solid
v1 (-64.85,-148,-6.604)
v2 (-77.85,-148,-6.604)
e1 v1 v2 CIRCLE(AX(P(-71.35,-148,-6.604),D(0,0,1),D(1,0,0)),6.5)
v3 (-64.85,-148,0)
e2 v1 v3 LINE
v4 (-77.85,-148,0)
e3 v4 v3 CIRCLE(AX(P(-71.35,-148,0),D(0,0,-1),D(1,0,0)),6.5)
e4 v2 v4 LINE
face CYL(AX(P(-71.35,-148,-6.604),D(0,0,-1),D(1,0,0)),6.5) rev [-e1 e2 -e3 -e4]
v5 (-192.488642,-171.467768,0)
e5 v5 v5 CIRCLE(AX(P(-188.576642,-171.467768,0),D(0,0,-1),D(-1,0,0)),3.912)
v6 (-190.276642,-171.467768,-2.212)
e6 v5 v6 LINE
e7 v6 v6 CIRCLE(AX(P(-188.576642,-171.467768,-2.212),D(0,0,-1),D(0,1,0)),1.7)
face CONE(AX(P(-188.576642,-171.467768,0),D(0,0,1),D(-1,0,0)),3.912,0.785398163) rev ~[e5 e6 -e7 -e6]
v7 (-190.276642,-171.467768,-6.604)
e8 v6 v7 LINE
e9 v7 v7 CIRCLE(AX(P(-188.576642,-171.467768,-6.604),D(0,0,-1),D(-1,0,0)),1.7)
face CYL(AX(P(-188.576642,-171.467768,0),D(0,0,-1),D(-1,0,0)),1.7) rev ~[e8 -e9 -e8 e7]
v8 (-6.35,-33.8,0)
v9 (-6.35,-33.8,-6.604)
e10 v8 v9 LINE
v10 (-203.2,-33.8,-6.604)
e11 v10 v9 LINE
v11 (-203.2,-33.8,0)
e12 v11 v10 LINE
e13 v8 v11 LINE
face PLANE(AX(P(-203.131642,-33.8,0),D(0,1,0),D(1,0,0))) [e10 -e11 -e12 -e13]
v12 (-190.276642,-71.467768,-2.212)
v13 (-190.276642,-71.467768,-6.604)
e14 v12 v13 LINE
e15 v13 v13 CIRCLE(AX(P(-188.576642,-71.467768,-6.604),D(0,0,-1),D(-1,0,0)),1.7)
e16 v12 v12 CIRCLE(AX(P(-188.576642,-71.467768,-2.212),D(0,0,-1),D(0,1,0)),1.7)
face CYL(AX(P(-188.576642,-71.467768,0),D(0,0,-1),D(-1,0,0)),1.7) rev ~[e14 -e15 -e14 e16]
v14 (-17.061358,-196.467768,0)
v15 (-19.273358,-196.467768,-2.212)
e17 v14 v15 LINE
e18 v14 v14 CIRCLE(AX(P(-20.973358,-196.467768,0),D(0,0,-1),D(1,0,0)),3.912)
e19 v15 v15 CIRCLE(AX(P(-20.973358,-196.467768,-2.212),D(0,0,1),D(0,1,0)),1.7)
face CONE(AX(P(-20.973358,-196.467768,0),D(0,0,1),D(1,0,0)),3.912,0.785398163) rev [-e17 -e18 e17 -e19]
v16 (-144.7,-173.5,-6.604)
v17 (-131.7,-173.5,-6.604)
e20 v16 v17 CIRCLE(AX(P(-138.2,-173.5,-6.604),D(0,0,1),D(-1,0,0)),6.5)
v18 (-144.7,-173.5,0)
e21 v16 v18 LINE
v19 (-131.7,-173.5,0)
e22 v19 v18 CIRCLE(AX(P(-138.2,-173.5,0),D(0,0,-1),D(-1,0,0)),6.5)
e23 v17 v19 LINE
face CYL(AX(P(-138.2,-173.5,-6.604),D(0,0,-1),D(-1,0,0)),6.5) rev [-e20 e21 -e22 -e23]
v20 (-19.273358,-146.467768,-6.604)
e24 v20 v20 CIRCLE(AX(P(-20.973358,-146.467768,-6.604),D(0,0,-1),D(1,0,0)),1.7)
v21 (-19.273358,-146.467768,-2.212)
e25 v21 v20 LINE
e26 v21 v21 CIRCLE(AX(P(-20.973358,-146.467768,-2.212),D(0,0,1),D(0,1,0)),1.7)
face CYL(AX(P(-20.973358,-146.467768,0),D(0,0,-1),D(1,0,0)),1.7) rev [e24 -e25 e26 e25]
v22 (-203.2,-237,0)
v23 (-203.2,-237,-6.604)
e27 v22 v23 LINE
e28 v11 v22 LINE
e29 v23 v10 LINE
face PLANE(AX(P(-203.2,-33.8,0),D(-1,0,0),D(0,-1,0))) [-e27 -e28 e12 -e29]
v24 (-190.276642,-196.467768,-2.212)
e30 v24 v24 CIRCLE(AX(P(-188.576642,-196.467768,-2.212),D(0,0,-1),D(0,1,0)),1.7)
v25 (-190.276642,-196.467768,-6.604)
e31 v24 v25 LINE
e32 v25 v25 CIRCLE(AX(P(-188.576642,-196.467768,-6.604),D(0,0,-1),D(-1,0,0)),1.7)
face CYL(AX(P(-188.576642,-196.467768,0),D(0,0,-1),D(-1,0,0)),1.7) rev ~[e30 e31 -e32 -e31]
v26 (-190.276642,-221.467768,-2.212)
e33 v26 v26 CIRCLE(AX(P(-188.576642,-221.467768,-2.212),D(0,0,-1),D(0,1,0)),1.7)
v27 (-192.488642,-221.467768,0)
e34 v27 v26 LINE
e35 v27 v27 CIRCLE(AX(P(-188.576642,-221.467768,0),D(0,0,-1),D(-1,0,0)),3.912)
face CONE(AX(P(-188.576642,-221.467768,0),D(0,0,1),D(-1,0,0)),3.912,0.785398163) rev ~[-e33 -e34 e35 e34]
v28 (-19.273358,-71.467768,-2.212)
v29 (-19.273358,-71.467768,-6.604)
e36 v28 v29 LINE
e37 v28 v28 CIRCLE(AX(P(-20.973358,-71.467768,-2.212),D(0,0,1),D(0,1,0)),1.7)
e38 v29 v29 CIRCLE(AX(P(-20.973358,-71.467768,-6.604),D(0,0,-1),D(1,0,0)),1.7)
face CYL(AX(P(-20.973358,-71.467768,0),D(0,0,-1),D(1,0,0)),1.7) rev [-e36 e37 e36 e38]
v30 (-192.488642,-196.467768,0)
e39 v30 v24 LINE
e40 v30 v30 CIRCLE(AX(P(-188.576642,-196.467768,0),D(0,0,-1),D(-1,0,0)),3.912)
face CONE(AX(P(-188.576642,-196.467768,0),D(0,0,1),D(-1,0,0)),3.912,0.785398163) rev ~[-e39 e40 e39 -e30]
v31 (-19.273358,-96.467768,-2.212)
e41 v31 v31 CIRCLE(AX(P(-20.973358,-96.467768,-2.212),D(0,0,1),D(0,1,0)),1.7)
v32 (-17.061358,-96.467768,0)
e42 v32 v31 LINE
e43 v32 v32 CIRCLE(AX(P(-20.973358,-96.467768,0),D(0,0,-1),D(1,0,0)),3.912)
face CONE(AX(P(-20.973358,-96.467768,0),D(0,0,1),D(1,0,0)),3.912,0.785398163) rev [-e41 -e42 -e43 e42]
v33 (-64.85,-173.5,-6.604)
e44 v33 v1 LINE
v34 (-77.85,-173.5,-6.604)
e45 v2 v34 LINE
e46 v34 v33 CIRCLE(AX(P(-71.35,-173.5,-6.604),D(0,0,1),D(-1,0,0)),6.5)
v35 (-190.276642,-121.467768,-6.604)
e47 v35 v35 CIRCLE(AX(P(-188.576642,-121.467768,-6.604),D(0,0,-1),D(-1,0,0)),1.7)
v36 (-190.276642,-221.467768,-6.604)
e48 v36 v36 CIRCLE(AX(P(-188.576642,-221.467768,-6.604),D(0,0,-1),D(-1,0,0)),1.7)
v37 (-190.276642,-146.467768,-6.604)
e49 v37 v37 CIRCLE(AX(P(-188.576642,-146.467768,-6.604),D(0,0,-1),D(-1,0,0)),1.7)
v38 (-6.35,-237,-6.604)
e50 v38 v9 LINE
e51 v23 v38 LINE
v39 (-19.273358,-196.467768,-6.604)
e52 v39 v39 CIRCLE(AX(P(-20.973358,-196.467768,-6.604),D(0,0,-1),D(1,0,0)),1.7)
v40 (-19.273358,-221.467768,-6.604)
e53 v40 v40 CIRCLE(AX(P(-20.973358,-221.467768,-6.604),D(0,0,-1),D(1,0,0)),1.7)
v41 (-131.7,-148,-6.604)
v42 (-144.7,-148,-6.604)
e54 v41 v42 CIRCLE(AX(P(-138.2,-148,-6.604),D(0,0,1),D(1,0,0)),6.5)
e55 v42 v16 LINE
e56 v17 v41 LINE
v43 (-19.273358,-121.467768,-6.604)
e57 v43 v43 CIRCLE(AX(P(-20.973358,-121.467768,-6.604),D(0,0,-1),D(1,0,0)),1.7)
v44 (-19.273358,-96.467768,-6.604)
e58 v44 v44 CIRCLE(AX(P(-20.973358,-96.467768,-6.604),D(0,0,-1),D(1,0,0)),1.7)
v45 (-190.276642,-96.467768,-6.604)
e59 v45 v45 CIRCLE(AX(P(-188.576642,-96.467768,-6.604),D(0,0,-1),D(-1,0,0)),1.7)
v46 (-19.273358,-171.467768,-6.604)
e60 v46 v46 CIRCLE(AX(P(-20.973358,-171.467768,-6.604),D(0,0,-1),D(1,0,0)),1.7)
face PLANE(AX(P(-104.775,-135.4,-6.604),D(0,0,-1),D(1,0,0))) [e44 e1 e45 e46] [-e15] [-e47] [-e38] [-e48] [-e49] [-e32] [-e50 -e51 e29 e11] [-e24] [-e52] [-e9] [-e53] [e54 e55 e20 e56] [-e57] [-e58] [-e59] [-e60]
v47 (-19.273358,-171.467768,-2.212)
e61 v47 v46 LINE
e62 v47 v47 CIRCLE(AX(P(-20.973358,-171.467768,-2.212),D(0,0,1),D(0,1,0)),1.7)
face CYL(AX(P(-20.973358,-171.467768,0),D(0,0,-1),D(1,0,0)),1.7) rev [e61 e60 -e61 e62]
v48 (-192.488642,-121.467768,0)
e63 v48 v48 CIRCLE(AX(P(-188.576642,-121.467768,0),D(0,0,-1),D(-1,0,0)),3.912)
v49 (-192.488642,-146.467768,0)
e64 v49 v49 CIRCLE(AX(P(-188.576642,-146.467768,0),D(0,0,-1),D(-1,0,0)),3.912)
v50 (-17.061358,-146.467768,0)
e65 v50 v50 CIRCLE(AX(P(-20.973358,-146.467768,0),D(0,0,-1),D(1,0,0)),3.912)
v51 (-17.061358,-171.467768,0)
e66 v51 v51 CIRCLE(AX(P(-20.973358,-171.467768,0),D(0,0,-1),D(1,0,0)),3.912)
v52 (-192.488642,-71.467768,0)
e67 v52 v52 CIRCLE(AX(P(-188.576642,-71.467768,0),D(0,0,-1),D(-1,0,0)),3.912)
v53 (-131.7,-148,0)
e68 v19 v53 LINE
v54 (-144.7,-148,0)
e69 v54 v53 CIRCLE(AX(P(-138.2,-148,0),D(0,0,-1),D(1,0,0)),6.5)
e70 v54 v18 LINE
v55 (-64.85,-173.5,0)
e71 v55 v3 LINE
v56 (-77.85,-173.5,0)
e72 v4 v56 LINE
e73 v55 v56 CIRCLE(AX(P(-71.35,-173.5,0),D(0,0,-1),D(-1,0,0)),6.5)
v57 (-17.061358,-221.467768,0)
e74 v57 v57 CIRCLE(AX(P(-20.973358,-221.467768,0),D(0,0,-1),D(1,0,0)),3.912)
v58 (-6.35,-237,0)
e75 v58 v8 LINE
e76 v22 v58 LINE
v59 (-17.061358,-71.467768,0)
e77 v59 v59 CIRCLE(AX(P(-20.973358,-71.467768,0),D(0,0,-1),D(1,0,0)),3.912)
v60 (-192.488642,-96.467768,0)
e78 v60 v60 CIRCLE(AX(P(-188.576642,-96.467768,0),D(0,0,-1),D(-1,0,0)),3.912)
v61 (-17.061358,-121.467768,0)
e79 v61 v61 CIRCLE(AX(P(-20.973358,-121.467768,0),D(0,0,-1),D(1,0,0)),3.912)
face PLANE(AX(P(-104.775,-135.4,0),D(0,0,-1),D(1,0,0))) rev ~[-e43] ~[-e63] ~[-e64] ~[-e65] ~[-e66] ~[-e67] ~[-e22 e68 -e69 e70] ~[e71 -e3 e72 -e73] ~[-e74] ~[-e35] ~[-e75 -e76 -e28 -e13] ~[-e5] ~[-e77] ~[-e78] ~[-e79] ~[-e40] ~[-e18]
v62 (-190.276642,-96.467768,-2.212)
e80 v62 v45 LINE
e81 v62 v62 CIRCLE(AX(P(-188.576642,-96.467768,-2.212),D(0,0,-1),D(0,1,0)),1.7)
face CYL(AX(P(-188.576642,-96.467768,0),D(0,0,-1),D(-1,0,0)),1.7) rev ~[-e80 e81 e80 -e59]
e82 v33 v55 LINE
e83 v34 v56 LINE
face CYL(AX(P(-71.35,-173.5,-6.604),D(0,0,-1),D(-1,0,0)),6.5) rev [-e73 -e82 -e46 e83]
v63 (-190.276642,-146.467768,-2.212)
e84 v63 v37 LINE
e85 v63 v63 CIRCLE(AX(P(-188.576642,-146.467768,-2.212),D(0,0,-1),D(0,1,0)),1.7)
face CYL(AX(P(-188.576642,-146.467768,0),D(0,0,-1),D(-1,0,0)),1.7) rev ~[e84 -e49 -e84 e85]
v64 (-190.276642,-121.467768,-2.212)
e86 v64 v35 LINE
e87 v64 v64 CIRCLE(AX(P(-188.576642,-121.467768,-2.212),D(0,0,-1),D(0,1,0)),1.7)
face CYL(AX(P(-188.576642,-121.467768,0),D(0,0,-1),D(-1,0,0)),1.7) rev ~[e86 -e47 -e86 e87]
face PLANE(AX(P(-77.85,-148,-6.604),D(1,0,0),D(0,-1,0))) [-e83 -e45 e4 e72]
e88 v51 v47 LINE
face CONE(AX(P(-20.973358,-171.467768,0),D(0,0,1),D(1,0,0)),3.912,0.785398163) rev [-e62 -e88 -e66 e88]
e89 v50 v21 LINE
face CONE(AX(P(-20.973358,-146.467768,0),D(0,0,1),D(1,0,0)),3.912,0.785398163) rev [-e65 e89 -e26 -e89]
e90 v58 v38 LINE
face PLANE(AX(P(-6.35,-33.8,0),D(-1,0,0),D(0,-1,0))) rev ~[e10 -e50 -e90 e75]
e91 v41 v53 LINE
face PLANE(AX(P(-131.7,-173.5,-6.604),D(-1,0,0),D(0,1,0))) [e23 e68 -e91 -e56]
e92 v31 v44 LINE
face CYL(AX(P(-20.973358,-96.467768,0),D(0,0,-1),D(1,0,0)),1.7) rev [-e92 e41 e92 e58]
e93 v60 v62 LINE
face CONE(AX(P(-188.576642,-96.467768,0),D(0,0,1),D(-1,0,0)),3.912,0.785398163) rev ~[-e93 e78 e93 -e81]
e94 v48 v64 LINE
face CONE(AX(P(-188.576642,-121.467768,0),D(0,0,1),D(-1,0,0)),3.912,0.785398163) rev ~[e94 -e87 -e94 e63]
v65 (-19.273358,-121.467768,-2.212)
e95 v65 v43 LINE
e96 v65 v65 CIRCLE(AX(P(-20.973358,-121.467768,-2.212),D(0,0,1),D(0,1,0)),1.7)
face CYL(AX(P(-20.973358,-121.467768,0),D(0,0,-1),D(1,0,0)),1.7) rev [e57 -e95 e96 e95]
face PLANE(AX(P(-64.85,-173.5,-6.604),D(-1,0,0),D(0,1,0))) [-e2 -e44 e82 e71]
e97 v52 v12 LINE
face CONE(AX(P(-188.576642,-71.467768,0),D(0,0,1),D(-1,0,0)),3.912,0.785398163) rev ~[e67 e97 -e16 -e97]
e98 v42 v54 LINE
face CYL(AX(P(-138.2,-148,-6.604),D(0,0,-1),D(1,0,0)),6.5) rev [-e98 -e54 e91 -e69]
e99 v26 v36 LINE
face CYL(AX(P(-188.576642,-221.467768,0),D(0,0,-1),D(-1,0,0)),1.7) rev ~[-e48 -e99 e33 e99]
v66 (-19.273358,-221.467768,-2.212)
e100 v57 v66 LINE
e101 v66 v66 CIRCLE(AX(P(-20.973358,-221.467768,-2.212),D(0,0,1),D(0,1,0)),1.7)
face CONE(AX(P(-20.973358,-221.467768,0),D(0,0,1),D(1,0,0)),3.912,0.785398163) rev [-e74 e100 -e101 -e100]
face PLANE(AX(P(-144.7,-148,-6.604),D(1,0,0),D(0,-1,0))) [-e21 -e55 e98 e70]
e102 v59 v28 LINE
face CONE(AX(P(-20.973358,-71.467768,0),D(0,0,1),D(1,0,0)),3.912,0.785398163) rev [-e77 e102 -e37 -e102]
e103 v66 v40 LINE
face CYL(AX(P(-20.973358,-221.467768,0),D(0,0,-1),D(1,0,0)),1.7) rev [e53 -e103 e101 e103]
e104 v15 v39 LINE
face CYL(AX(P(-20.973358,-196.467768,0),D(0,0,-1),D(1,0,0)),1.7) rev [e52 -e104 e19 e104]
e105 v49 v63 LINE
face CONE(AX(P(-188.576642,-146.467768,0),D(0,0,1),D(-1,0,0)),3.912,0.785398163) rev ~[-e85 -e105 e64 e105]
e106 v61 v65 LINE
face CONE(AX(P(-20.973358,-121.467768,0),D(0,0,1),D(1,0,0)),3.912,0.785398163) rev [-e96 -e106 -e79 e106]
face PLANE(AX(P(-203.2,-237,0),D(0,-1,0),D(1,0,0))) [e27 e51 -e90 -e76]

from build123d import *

# Parameters (mm, degrees)
SKETCH1_W                                       = 196.85
SKETCH1_H                                       = 203.2
BOSS_EXTRUDE1_DEPTH                             = 6.604
CUT_EXTRUDE7_DEPTH                              = 313.254468048
SKETCH4_W                                       = 196.85
SKETCH4_H                                       = 0.6096
BOSS_EXTRUDE2_DEPTH                             = 12
SKETCH14_W                                      = 196.85
SKETCH14_H                                      = 11.938
BOSS_EXTRUDE3_DEPTH                             = 6.604
SKETCH13_W                                      = 196.85
SKETCH13_H                                      = 0.6096
CUT_EXTRUDE9_DEPTH                              = 12
CSK_FOR_M3_FLAT_HEAD_MACHINE_SCREW3_D           = 3.4
CSK_FOR_M3_FLAT_HEAD_MACHINE_SCREW3_CSINK_D     = 7.824
CSK_FOR_M3_FLAT_HEAD_MACHINE_SCREW3_CSINK_ANGLE = 90


with BuildPart() as part:
    # Sketch1 → Boss-Extrude1 (new body)
    with BuildSketch(Plane(origin=(0, 0, 0), x_dir=(1, 0, 0), z_dir=(0, 0, -1))):
        with Locations((-104.775, 135.4)):
            Rectangle(SKETCH1_W, SKETCH1_H)
    extrude(amount=BOSS_EXTRUDE1_DEPTH)

    # Sketch2 → Cut-Extrude7 (cut, through all)
    with BuildSketch(Plane(origin=(0, 0, -6.604), x_dir=(1, 0, 0), z_dir=(0, 0, -1))):
        with BuildLine():
            Line((-131.7, 173.5), (-131.7, 148))
            ThreePointArc((-131.7, 148), (-138.2, 141.5), (-144.7, 148))
            Line((-144.7, 148), (-144.7, 173.5))
            ThreePointArc((-144.7, 173.5), (-138.2, 180), (-131.7, 173.5))
        make_face()
        with BuildLine():
            Line((-64.85, 173.5), (-64.85, 148))
            ThreePointArc((-64.85, 148), (-71.35, 141.5), (-77.85, 148))
            Line((-77.85, 148), (-77.85, 173.5))
            ThreePointArc((-77.85, 173.5), (-71.35, 180), (-64.85, 173.5))
        make_face()
    extrude(amount=-CUT_EXTRUDE7_DEPTH, mode=Mode.SUBTRACT)

    # Sketch4 → Boss-Extrude2 (add)
    with BuildSketch(Plane.XY):
        with Locations((-104.706641567, -34.1048)):
            Rectangle(SKETCH4_W, SKETCH4_H)
    extrude(amount=BOSS_EXTRUDE2_DEPTH)

    # Sketch14 → Boss-Extrude3 (add)
    with BuildSketch(Plane.XY):
        with Locations((-104.775, -53.935004147)):
            Rectangle(SKETCH14_W, SKETCH14_H)
    extrude(amount=-BOSS_EXTRUDE3_DEPTH)

    # Sketch13 → Cut-Extrude9 (cut)
    with BuildSketch(Plane.XY.offset(12)):
        with Locations((-104.706641567, -34.1048)):
            Rectangle(SKETCH13_W, SKETCH13_H)
    extrude(amount=-CUT_EXTRUDE9_DEPTH, mode=Mode.SUBTRACT)

    # CSK for M3 Flat Head Machine Screw3 (through all)
    with Locations(Plane.XY):
        with Locations((-188.576641567, -71.467767821), (-188.576641567, -221.467767821), (-188.576641567, -196.467767821), (-188.576641567, -171.467767821), (-188.576641567, -146.467767821), (-188.576641567, -121.467767821), (-188.576641567, -96.467767821)):
            csk_for_m3_flat_head_machine_screw3 = CounterSinkHole(CSK_FOR_M3_FLAT_HEAD_MACHINE_SCREW3_D / 2, CSK_FOR_M3_FLAT_HEAD_MACHINE_SCREW3_CSINK_D / 2, counter_sink_angle=CSK_FOR_M3_FLAT_HEAD_MACHINE_SCREW3_CSINK_ANGLE)

    # Mirror1: CSK for M3 Flat Head Machine Screw3 across plane
    add(csk_for_m3_flat_head_machine_screw3.mirror(Plane.ZY.offset(104.774999995)), mode=Mode.SUBTRACT)


solid = part.part
